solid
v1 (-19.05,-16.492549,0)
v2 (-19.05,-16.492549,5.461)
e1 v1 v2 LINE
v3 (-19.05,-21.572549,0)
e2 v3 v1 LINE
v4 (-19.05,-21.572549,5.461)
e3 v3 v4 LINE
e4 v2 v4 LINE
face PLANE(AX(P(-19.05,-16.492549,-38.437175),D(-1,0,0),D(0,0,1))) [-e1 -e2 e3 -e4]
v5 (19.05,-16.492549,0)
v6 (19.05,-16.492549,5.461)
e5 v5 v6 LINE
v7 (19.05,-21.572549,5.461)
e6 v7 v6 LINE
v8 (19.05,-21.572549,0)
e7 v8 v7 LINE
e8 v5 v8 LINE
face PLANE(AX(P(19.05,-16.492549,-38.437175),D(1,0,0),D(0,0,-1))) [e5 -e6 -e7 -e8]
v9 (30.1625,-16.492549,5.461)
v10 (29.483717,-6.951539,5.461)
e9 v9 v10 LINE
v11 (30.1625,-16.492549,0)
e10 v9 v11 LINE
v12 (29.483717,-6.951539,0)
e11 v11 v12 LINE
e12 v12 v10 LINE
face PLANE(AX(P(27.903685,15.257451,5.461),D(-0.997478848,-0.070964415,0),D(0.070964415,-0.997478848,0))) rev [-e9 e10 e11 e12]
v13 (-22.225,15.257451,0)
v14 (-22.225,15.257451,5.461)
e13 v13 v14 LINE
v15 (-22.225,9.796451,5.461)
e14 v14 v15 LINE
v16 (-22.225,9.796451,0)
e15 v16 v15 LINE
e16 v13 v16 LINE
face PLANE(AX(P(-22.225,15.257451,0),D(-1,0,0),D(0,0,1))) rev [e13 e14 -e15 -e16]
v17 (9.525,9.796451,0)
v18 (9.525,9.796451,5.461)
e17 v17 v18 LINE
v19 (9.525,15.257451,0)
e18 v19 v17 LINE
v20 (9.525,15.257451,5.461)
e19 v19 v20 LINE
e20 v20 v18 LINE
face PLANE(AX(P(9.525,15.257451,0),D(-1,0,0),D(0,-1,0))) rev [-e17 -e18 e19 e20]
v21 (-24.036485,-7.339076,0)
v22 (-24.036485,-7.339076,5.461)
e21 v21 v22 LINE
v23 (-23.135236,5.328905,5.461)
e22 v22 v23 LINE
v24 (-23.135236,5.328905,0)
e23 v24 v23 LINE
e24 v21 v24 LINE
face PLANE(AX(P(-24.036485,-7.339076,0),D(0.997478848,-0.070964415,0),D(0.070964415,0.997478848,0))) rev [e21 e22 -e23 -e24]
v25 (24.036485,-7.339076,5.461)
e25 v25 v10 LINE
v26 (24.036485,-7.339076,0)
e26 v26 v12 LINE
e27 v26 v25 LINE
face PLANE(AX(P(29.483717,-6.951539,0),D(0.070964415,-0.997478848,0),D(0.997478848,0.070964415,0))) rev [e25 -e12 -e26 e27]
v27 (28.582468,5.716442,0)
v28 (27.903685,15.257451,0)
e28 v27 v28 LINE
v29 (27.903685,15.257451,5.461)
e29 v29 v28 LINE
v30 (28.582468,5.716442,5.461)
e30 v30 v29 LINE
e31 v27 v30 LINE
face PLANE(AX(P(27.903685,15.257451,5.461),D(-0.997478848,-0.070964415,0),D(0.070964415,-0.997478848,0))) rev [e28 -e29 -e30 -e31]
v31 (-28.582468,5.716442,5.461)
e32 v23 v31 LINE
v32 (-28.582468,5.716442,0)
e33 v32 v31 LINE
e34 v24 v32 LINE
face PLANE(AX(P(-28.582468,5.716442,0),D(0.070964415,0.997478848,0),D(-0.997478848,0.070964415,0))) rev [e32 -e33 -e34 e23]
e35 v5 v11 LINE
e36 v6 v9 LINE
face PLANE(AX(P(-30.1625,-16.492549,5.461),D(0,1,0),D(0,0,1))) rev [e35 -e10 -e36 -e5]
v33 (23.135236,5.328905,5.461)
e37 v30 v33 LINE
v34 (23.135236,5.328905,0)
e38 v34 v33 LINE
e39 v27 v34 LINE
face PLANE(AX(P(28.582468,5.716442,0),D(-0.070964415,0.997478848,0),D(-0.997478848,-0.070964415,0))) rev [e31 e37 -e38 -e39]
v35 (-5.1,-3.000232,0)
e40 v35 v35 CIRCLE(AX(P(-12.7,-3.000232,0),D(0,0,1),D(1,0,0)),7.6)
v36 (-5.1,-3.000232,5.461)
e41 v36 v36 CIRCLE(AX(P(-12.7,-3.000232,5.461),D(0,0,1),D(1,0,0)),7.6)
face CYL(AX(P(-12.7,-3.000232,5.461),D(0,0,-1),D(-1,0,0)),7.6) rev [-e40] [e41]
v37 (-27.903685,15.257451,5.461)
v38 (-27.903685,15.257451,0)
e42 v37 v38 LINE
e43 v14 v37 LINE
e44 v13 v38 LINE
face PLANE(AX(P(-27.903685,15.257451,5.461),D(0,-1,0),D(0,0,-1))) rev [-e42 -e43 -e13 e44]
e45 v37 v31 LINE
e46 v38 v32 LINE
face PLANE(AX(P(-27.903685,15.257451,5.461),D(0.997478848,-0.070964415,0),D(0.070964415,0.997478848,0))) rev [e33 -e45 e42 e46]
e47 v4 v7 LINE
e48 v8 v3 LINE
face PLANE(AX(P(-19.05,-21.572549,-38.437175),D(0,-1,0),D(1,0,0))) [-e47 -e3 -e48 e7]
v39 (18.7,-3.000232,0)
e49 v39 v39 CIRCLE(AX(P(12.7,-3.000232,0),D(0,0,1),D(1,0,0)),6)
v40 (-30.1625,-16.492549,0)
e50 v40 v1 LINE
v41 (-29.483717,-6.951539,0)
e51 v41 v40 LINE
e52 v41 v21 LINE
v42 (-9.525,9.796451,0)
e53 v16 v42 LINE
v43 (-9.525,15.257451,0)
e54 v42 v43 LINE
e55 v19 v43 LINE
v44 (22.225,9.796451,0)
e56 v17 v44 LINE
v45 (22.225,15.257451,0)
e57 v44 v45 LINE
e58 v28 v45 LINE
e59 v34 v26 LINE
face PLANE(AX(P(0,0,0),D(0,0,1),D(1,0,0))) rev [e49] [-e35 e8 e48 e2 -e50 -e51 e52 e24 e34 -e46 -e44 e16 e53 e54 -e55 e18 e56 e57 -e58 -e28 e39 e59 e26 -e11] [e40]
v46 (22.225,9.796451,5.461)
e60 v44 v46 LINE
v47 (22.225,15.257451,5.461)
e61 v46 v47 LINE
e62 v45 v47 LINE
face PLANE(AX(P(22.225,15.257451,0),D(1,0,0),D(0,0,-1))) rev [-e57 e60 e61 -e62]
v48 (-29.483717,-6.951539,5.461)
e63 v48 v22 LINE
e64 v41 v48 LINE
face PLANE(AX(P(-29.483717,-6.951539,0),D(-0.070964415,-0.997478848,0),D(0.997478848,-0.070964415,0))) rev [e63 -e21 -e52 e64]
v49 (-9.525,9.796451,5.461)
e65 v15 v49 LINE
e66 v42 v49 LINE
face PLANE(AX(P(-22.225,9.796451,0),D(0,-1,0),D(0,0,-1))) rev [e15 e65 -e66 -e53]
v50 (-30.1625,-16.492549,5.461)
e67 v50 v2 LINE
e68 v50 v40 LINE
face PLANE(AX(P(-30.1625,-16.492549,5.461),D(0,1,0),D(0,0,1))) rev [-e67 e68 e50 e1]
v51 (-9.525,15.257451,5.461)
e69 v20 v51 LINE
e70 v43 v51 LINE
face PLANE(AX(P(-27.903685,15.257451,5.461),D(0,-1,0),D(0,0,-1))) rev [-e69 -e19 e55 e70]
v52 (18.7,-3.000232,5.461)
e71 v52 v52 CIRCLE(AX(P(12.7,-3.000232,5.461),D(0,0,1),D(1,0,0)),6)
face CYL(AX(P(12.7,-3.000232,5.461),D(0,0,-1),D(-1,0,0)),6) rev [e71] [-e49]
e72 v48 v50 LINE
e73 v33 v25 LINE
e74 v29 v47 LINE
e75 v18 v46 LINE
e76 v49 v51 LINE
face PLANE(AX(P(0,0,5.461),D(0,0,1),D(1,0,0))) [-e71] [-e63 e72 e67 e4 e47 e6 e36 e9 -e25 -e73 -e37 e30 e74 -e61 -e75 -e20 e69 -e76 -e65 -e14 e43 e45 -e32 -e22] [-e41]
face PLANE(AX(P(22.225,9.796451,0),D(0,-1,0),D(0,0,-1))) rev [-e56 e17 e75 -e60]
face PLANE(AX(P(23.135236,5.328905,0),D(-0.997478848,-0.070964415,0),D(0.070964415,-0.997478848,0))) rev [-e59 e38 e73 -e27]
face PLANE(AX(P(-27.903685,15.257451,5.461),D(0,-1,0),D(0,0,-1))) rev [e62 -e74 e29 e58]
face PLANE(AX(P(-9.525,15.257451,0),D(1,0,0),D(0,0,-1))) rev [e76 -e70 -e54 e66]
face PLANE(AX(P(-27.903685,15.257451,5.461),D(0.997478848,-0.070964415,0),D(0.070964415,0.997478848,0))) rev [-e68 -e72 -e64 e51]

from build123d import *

# Parameters (mm, degrees)
SKETCH1_R           = 6
SKETCH1_R_2         = 7.6
BOSS_EXTRUDE1_DEPTH = 5.461
SKETCH2_W           = 12.7
SKETCH2_H           = 5.461
CUT_EXTRUDE1_DEPTH  = 6.461
SKETCH3_W           = 38.1
SKETCH3_H           = 5.08
BOSS_EXTRUDE2_DEPTH = 5.461


with BuildPart() as part:
    # Sketch1 → Boss-Extrude1 (new body)
    with BuildSketch(Plane.XY):
        Polygon((-27.903685016, 15.257451458), (27.903685016, 15.257451458), (30.1625, -16.492548542), (-30.1625, -16.492548542), align=None)
        with Locations((12.7, -3.00023153)):
            Circle(SKETCH1_R, mode=Mode.SUBTRACT)
        with Locations((-12.7, -3.00023153)):
            Circle(SKETCH1_R_2, mode=Mode.SUBTRACT)
    extrude(amount=BOSS_EXTRUDE1_DEPTH)

    # Sketch2 → Cut-Extrude1 (cut, through all)
    with BuildSketch(Plane.XY.offset(5.461)):
        with Locations((-15.875, 12.526951458)):
            Rectangle(SKETCH2_W, SKETCH2_H)
        with Locations((15.875, 12.526951458)):
            Rectangle(SKETCH2_W, SKETCH2_H)
        Polygon((-29.483716542, -6.951539225), (-28.582468475, 5.716442142), (-23.135236487, 5.328905473), (-24.036484554, -7.339075894), align=None)
        Polygon((28.582468475, 5.716442142), (29.483716542, -6.951539225), (24.036484554, -7.339075894), (23.135236487, 5.328905473), align=None)
    extrude(amount=-CUT_EXTRUDE1_DEPTH, mode=Mode.SUBTRACT)

    # Sketch3 → Boss-Extrude2 (add)
    with BuildSketch(Plane.XY.offset(5.461)):
        with Locations((0, -19.032548542)):
            Rectangle(SKETCH3_W, SKETCH3_H)
    extrude(amount=-BOSS_EXTRUDE2_DEPTH)


solid = part.part
